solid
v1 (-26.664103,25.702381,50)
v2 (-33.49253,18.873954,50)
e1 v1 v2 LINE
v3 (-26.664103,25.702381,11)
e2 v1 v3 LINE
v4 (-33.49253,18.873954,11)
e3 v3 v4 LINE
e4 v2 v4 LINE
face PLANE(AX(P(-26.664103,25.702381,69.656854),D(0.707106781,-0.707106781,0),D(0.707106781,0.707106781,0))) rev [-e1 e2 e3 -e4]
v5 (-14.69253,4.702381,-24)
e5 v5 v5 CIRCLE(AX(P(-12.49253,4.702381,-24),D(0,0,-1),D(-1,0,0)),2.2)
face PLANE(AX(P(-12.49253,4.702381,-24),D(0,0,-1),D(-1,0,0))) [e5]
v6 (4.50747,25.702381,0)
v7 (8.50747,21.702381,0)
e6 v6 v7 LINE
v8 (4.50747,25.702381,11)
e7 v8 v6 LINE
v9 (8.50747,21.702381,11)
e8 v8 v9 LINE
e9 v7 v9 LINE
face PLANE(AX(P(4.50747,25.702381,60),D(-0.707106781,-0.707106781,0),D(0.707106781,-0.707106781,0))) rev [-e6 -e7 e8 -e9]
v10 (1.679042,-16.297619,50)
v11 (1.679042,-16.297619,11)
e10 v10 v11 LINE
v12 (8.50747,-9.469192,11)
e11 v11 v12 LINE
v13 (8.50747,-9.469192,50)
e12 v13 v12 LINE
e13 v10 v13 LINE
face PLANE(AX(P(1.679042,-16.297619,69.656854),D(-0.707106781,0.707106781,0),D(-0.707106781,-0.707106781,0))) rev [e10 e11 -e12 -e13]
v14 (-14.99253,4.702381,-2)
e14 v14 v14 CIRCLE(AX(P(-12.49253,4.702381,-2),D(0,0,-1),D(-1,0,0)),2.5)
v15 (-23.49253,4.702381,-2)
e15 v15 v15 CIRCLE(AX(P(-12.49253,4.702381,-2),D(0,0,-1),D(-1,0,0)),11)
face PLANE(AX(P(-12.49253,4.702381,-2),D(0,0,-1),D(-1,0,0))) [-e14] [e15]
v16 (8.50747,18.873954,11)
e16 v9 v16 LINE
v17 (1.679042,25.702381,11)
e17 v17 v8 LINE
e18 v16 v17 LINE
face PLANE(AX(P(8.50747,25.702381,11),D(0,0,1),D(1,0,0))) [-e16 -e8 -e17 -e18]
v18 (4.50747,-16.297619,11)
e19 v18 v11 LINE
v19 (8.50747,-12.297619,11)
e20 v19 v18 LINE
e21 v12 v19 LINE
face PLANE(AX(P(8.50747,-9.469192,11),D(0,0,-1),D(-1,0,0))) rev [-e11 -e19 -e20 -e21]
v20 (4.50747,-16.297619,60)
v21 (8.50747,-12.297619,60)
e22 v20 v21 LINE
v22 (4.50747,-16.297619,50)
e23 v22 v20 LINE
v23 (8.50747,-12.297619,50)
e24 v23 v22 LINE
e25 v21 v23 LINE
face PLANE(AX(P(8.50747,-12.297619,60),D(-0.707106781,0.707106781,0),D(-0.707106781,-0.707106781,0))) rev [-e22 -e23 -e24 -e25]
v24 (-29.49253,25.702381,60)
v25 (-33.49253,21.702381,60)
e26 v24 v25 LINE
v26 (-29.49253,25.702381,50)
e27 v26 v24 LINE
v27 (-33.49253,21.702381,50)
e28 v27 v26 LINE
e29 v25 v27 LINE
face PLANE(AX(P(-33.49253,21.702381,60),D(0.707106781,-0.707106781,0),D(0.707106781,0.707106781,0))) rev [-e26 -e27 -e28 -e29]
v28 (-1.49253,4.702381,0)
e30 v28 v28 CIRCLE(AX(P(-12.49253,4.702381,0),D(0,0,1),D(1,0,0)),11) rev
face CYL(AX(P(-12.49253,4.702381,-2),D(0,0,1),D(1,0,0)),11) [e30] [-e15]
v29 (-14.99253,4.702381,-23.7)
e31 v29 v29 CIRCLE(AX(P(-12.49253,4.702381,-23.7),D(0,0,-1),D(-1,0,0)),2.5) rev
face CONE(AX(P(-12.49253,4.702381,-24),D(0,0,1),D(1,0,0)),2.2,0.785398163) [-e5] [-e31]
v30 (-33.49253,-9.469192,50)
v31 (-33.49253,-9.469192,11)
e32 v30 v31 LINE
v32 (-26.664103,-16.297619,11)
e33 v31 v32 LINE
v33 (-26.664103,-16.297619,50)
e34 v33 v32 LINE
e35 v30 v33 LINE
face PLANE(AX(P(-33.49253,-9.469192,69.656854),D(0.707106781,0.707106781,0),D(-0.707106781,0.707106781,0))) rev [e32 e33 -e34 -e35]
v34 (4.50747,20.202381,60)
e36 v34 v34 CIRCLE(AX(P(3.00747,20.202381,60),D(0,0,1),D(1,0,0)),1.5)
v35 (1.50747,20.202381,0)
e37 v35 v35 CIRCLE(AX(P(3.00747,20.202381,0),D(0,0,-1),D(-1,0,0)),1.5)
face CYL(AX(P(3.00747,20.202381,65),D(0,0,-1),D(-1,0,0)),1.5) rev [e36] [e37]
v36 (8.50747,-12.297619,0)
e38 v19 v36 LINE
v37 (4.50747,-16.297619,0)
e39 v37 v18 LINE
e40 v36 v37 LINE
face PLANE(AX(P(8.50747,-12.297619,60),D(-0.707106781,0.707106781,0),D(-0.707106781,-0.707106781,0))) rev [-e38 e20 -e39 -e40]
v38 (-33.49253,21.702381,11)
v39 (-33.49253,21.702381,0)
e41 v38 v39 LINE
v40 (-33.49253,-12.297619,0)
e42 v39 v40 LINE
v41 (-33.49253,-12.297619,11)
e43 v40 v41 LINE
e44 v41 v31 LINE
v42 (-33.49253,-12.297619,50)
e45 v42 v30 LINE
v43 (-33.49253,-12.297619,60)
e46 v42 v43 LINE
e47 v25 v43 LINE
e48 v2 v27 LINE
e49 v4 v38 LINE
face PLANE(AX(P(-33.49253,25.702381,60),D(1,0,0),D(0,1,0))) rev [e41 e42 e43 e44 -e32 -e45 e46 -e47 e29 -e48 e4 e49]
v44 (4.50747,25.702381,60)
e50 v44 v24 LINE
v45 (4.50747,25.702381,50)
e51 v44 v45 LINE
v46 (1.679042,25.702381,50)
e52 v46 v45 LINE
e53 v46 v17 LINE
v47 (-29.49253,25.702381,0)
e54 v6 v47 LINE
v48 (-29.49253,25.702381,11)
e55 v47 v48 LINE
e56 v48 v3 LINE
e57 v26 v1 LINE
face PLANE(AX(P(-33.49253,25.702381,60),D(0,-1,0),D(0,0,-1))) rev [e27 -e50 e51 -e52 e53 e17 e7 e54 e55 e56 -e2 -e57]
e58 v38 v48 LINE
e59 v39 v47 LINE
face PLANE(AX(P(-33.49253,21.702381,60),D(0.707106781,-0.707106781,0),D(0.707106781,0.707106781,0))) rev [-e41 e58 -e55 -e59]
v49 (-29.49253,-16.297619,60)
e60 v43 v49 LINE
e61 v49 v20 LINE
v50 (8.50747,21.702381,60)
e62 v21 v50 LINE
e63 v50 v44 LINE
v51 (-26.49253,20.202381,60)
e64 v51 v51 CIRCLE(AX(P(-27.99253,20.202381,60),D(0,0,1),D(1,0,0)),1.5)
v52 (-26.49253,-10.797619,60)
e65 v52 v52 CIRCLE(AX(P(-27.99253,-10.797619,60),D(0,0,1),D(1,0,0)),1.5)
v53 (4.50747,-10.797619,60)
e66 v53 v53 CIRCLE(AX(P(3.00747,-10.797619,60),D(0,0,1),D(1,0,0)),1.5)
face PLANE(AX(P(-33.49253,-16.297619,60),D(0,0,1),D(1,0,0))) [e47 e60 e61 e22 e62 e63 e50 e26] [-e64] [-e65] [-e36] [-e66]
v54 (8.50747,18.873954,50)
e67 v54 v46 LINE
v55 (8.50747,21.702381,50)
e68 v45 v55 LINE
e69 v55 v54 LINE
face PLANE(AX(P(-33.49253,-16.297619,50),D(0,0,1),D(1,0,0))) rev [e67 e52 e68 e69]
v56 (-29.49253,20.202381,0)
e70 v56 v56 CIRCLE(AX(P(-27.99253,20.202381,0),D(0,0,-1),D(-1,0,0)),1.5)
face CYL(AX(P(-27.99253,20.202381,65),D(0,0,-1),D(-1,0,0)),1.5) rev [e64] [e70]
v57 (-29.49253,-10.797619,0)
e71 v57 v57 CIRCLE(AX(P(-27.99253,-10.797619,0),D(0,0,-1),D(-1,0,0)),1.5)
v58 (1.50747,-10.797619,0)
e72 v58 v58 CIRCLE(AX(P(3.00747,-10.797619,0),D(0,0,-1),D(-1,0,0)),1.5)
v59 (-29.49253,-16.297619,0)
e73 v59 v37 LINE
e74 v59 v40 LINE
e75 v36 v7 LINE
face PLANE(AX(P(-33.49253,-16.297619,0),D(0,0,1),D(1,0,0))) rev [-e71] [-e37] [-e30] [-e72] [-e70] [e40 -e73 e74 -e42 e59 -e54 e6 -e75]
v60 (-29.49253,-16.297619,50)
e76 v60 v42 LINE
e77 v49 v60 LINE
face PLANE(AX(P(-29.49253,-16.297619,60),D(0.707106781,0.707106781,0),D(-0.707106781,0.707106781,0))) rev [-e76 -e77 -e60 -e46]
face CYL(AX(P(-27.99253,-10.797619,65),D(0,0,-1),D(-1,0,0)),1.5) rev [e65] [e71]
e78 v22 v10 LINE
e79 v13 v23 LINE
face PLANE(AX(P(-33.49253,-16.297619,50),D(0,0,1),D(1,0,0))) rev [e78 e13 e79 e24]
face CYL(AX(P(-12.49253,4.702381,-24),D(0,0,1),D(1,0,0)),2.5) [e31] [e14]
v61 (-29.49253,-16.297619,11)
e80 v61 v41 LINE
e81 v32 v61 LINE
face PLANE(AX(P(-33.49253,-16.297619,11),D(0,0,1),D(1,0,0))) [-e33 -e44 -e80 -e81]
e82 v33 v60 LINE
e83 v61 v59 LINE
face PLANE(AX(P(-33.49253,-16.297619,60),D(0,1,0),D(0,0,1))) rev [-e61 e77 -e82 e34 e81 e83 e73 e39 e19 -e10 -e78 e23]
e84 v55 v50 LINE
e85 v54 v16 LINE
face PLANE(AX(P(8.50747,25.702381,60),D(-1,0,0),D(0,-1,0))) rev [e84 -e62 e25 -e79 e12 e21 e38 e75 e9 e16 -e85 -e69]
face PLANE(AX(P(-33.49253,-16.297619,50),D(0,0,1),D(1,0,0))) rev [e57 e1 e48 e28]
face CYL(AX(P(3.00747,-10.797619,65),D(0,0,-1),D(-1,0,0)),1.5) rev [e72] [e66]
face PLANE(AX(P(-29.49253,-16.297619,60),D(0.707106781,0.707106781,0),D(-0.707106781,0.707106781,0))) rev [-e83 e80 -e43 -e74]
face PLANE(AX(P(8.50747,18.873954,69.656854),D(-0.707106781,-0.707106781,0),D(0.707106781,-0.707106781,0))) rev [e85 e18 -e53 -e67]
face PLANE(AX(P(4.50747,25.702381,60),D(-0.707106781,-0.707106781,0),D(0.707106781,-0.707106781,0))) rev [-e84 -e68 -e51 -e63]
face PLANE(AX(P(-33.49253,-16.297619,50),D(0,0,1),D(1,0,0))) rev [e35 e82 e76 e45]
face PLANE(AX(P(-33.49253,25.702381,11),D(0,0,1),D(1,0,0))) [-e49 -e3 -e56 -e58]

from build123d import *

# Parameters (mm, degrees)
SKETCH_1_W          = 42
SKETCH_1_H          = 42
EXTRUDE_1_DEPTH     = 60
SKETCH_2_R          = 1.5
CUT_EXTRUDE_1_DEPTH = 65
SKETCH_3_R          = 11
EXTRUDE_2_DEPTH     = 2
SKETCH_4_R          = 2.5
EXTRUDE_3_DEPTH     = 22
CHAMFER_1_SIZE      = 0.3
CHAMFER_2_SIZE      = 4
CUT_EXTRUDE_2_DEPTH = 39


with BuildPart() as part:
    # Эскиз1 → Бобышка-Вытянуть1 (new body)
    with BuildSketch(Plane.XY):
        with Locations((-12.492530381, 4.702380952)):
            Rectangle(SKETCH_1_W, SKETCH_1_H)
    extrude(amount=EXTRUDE_1_DEPTH)

    # Эскиз2 → Вырез-Вытянуть1 (cut)
    with BuildSketch(Plane(origin=(0, 0, 0), x_dir=(-1, 0, 0), z_dir=(0, 0, -1))):
        with Locations((-3.007469619, 20.202380952)):
            Circle(SKETCH_2_R)
        with Locations((27.992530381, 20.202380952)):
            Circle(SKETCH_2_R)
        with Locations((27.992530381, -10.797619048)):
            Circle(SKETCH_2_R)
        with Locations((-3.007469619, -10.797619048)):
            Circle(SKETCH_2_R)
    extrude(amount=-CUT_EXTRUDE_1_DEPTH, mode=Mode.SUBTRACT)

    # Эскиз3 → Бобышка-Вытянуть2 (add)
    with BuildSketch(Plane(origin=(0, 0, 0), x_dir=(-1, 0, 0), z_dir=(0, 0, -1))):
        with Locations(Location((12.492530381, 4.702380952, 0), (0, 0, 180))):
            Circle(SKETCH_3_R)
    extrude(amount=EXTRUDE_2_DEPTH)

    # Эскиз4 → Бобышка-Вытянуть3 (add)
    with BuildSketch(Plane(origin=(0, 0, -2), x_dir=(-1, 0, 0), z_dir=(0, 0, -1))):
        with Locations((12.492530381, 4.702380952)):
            Circle(SKETCH_4_R)
    extrude(amount=EXTRUDE_3_DEPTH)

    # Фаска1
    chamfer_1_edges = [part.edges().sort_by_distance(p)[0] for p in [
        (-9.992530381, 4.702380952, -24),
    ]]
    chamfer(chamfer_1_edges, length=CHAMFER_1_SIZE)

    # Фаска2
    chamfer_2_edges = [part.edges().sort_by_distance(p)[0] for p in [
        (-33.492530381, 25.702380952, 30),
        (8.507469619, 25.702380952, 30),
        (8.507469619, -16.297619048, 30),
        (-33.492530381, -16.297619048, 30),
    ]]
    chamfer(chamfer_2_edges, length=CHAMFER_2_SIZE)

    # Эскиз5 → Вырез-Вытянуть2 (cut)
    with BuildSketch(Plane(origin=(0, 0, 11), x_dir=(-1, 0, 0), z_dir=(0, 0, -1))):
        Polygon((-8.507469619, 18.873953828), (-1.679042494, 25.702380952), (-4.507469619, 25.702380952), (-8.507469619, 21.702380952), align=None)
        Polygon((-8.507469619, -9.469191923), (-8.507469619, -12.297619048), (-4.507469619, -16.297619048), (-1.679042494, -16.297619048), align=None)
        Polygon((26.664103256, 25.702380952), (33.492530381, 18.873953828), (33.492530381, 21.702380952), (29.492530381, 25.702380952), align=None)
        Polygon((33.492530381, -9.469191923), (26.664103256, -16.297619048), (29.492530381, -16.297619048), (33.492530381, -12.297619048), align=None)
    extrude(amount=-CUT_EXTRUDE_2_DEPTH, mode=Mode.SUBTRACT)


solid = part.part
